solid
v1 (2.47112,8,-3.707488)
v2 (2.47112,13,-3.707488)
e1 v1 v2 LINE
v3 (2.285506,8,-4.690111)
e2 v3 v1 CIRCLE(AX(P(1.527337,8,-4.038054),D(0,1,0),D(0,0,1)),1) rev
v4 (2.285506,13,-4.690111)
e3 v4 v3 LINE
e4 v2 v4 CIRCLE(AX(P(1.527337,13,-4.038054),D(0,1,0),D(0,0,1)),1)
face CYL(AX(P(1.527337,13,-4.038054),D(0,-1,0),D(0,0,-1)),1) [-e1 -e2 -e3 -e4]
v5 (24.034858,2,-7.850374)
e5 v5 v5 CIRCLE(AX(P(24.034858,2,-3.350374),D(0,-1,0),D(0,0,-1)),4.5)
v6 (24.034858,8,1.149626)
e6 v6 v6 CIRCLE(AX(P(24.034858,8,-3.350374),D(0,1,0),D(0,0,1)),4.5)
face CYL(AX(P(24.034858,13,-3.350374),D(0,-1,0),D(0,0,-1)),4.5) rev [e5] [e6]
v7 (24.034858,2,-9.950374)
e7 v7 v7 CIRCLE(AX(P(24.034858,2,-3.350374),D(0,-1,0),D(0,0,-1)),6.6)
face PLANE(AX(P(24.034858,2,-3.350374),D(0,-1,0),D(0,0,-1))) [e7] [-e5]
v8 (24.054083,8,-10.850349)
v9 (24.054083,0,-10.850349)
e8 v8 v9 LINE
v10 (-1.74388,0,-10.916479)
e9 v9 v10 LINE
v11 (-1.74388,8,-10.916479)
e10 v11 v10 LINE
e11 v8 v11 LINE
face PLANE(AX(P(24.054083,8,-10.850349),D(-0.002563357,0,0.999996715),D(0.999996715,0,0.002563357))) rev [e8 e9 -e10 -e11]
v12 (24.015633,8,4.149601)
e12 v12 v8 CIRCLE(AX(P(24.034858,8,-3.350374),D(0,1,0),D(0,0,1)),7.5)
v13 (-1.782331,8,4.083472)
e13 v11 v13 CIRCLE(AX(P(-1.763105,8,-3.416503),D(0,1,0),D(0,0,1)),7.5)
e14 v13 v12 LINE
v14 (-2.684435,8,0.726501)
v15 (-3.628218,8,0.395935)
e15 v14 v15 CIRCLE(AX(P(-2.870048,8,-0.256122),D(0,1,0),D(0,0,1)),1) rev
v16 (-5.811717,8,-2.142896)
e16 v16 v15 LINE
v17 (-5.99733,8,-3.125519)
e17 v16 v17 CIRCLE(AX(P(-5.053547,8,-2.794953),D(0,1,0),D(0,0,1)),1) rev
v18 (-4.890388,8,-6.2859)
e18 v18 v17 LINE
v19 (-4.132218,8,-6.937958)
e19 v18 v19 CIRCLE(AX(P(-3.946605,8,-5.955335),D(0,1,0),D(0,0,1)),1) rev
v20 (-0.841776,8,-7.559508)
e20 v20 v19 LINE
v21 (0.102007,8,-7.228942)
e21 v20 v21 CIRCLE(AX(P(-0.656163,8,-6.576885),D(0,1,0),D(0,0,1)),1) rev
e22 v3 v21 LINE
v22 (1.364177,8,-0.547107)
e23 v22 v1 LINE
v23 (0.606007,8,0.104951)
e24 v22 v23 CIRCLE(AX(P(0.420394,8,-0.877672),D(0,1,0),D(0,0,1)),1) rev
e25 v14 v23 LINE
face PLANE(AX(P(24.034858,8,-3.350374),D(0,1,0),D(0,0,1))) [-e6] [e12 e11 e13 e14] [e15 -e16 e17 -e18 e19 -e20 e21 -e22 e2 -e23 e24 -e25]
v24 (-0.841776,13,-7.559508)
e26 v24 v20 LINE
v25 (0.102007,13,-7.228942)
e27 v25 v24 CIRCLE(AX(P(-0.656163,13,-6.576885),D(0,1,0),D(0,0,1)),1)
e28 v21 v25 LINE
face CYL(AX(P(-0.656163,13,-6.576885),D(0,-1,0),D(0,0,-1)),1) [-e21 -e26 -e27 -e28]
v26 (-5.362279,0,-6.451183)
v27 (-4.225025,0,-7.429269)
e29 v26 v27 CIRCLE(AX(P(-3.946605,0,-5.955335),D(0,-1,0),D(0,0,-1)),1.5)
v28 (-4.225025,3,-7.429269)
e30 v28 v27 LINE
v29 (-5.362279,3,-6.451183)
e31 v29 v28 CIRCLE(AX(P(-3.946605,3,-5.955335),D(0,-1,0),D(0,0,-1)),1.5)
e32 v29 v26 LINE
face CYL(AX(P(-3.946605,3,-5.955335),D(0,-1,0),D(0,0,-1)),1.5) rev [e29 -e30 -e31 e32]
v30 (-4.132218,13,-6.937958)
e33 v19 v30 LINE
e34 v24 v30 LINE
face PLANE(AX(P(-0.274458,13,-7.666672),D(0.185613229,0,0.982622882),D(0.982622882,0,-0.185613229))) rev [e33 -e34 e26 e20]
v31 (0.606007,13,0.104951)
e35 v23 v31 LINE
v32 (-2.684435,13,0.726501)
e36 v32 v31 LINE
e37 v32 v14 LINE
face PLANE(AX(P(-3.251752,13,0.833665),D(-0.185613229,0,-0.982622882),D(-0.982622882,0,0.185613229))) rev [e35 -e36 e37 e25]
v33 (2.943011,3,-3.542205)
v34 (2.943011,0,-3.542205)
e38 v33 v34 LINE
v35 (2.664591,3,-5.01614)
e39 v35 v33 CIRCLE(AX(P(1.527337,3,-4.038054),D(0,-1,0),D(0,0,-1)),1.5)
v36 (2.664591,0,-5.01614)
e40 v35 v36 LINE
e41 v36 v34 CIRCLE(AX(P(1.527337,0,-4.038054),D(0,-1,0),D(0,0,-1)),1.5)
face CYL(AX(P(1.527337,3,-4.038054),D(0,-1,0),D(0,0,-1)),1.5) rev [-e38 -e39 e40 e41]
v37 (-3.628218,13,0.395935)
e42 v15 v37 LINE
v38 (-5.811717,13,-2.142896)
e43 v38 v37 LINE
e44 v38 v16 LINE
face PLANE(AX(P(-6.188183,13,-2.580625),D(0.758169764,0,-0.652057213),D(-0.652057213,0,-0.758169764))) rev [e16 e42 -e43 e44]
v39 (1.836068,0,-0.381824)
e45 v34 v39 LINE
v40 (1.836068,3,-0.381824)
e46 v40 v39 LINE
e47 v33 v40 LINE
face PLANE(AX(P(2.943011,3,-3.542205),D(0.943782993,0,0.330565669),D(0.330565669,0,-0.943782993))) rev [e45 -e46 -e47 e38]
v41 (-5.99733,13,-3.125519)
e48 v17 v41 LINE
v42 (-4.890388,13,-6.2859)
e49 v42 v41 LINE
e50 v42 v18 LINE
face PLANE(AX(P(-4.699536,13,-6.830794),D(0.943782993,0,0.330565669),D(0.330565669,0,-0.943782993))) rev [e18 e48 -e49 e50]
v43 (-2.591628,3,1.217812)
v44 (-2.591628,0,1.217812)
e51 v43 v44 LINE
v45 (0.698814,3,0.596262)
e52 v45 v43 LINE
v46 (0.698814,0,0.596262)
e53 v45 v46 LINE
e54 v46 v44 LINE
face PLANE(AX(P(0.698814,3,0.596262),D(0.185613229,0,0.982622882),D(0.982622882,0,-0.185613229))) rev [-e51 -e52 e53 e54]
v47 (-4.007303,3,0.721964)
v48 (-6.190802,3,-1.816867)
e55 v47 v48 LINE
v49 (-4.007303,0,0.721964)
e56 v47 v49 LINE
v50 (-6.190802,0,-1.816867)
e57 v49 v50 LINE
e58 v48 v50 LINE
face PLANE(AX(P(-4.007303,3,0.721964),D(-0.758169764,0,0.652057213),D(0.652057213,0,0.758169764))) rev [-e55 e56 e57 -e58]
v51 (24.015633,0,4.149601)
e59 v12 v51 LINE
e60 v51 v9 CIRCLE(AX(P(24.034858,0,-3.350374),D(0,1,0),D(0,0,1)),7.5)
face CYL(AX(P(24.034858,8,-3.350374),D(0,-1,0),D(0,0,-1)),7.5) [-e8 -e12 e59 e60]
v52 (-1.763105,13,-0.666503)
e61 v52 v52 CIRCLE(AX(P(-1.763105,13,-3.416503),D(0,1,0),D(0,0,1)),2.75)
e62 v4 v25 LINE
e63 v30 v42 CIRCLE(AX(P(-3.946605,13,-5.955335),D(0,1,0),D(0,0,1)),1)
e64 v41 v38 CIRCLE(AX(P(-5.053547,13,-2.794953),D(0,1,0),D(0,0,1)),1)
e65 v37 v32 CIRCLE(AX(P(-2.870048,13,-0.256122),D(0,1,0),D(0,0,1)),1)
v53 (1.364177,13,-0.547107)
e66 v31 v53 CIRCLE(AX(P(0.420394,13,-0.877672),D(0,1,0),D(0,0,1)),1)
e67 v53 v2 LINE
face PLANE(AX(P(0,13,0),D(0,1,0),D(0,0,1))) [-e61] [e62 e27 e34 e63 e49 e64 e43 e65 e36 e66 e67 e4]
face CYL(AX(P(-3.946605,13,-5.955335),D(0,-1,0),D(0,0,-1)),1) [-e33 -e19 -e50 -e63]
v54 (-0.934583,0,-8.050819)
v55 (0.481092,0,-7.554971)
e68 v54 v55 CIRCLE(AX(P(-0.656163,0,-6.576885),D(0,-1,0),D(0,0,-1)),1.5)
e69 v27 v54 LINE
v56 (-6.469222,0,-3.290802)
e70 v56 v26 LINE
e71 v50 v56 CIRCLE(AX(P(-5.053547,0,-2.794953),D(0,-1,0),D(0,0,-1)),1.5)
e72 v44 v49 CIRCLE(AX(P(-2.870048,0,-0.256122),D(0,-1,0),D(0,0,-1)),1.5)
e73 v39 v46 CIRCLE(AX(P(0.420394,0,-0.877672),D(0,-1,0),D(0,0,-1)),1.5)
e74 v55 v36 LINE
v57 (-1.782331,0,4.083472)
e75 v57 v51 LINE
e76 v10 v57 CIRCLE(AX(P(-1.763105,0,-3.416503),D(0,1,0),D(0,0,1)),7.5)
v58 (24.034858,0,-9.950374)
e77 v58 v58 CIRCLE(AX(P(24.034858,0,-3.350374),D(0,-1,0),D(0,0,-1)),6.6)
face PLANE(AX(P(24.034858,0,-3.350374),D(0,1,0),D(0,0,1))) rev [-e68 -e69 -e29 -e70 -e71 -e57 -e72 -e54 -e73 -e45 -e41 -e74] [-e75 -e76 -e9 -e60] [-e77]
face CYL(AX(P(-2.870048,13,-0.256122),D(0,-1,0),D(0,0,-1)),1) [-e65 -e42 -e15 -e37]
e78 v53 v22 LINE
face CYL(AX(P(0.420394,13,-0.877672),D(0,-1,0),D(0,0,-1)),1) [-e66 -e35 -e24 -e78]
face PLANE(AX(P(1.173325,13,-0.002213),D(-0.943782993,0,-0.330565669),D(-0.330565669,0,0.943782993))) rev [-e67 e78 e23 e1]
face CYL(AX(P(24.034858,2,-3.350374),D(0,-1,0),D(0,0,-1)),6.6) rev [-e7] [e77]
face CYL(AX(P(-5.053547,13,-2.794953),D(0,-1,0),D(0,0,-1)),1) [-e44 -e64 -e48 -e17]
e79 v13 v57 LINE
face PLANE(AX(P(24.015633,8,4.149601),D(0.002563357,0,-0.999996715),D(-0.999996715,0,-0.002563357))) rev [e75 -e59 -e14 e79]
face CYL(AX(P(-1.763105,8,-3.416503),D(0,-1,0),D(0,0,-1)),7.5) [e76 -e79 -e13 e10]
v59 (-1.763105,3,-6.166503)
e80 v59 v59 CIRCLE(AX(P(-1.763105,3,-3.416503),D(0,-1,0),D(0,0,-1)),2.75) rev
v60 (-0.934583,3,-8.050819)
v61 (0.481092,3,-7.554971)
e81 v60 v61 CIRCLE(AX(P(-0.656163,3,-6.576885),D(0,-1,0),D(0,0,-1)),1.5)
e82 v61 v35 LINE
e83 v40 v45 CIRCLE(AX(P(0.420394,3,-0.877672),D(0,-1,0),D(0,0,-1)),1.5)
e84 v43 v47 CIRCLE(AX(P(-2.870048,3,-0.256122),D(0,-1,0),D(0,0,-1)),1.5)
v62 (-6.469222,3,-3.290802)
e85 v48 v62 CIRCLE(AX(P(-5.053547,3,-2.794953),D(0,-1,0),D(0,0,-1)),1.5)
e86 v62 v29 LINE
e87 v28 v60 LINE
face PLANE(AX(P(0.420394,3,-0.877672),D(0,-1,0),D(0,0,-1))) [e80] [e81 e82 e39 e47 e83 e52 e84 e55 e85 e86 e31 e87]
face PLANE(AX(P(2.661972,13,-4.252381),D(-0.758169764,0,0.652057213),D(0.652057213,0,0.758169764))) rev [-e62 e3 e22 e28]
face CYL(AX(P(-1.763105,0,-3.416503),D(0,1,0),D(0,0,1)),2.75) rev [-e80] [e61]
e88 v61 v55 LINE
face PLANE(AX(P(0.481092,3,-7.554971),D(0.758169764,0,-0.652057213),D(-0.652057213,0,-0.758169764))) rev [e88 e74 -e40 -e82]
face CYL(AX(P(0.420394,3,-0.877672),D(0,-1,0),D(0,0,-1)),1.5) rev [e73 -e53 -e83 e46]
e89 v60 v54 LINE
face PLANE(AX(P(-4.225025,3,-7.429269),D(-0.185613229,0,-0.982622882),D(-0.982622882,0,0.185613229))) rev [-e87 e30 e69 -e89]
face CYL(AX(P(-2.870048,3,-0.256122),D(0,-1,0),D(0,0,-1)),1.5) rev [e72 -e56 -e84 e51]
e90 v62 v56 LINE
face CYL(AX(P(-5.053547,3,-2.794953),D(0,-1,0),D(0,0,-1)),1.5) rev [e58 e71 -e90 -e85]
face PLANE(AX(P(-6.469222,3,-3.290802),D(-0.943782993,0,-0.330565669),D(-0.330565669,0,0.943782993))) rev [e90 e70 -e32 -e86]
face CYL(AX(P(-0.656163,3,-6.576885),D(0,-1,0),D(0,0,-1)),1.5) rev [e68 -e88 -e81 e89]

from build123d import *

# Parameters (mm, degrees)
BOSS_EXTRUDE1_DEPTH = 8
BOSS_EXTRUDE2_DEPTH = 5
SKETCH3_R           = 2.75
CUT_EXTRUDE1_DEPTH  = 36.813646862
FILLET1_R           = 1
CUT_EXTRUDE2_DEPTH  = 3
SKETCH5_R           = 6.6
CUT_EXTRUDE3_DEPTH  = 2
SKETCH6_R           = 4.5
CUT_EXTRUDE4_DEPTH  = 36.137121418


with BuildPart() as part:
    # Sketch1 → Boss-Extrude1 (new body)
    with BuildSketch(Plane(origin=(0, 0, 0), x_dir=(1, 0, 0), z_dir=(0, 1, 0))):
        with BuildLine():
            Line((24.015632569, -4.149601491), (-1.78233066, -4.083471877))
            ThreePointArc((-1.78233066, -4.083471877), (-9.26308084, 3.435728662), (-1.743880301, 10.916478842))
            Line((-1.743880301, 10.916478842), (24.054082929, 10.850349227))
            ThreePointArc((24.054082929, 10.850349227), (31.534833108, 3.331148688), (24.015632569, -4.149601491))
        make_face()
    extrude(amount=BOSS_EXTRUDE1_DEPTH)

    # Sketch2 → Boss-Extrude2 (add)
    with BuildSketch(Plane(origin=(0, 8, 0), x_dir=(1, 0, 0), z_dir=(0, 1, 0))):
        Polygon((-3.25175247, -0.833664766), (1.173324698, 0.002213248), (2.661971688, 4.252381497), (-0.274458491, 7.666671731), (-4.69953566, 6.830793717), (-6.188182649, 2.580625468), align=None)
    extrude(amount=BOSS_EXTRUDE2_DEPTH)

    # Sketch3 → Cut-Extrude1 (cut, through all)
    with BuildSketch(Plane(origin=(0, 13, 0), x_dir=(1, 0, 0), z_dir=(0, 1, 0))):
        with Locations(Location((-1.763105481, 3.416503482, 0), (0, 0, 270))):
            Circle(SKETCH3_R)
    extrude(amount=-CUT_EXTRUDE1_DEPTH, mode=Mode.SUBTRACT)

    # Fillet1
    fillet1_edges = [part.edges().sort_by_distance(p)[0] for p in [
        (-6.188182649, 10.5, -2.580625468),
        (-3.25175247, 10.5, 0.833664766),
        (1.173324698, 10.5, -0.002213248),
        (2.661971688, 10.5, -4.252381497),
        (-0.274458491, 10.5, -7.666671731),
        (-4.69953566, 10.5, -6.830793717),
    ]]
    fillet(fillet1_edges, radius=FILLET1_R)

    # Sketch4 → Cut-Extrude2 (cut)
    with BuildSketch(Plane.XZ):
        with BuildLine():
            Line((2.943011006, -3.542205297), (1.836068373, -0.381823779))
            ThreePointArc((1.836068373, -0.381823779), (1.398479703, 0.259582363), (0.698813727, 0.596262041))
            Line((0.698813727, 0.596262041), (-2.59162827, 1.217812359))
            ThreePointArc((-2.59162827, 1.217812359), (-3.365896618, 1.159552526), (-4.00730276, 0.721963855))
            Line((-4.00730276, 0.721963855), (-6.190802123, -1.816867345))
            ThreePointArc((-6.190802123, -1.816867345), (-6.527481801, -2.51653332), (-6.469221968, -3.290801668))
            Line((-6.469221968, -3.290801668), (-5.362279334, -6.451183186))
            ThreePointArc((-5.362279334, -6.451183186), (-4.924690664, -7.092589328), (-4.225024689, -7.429269006))
            Line((-4.225024689, -7.429269006), (-0.934582692, -8.050819324))
            ThreePointArc((-0.934582692, -8.050819324), (-0.160314344, -7.99255949), (0.481091798, -7.55497082))
            Line((0.481091798, -7.55497082), (2.664591162, -5.01613962))
            ThreePointArc((2.664591162, -5.01613962), (3.00127084, -4.316473645), (2.943011006, -3.542205297))
        make_face()
    extrude(amount=-CUT_EXTRUDE2_DEPTH, mode=Mode.SUBTRACT)

    # Sketch5 → Cut-Extrude3 (cut)
    with BuildSketch(Plane.XZ):
        with Locations(Location((24.034857749, -3.350373868, 0), (0, 0, 270))):
            Circle(SKETCH5_R)
    extrude(amount=-CUT_EXTRUDE3_DEPTH, mode=Mode.SUBTRACT)

    # Sketch6 → Cut-Extrude4 (cut, through all)
    with BuildSketch(Plane.XZ.offset(-2)):
        with Locations(Location((24.034857749, -3.350373868, 0), (0, 0, 270))):
            Circle(SKETCH6_R)
    extrude(amount=-CUT_EXTRUDE4_DEPTH, mode=Mode.SUBTRACT)


solid = part.part
